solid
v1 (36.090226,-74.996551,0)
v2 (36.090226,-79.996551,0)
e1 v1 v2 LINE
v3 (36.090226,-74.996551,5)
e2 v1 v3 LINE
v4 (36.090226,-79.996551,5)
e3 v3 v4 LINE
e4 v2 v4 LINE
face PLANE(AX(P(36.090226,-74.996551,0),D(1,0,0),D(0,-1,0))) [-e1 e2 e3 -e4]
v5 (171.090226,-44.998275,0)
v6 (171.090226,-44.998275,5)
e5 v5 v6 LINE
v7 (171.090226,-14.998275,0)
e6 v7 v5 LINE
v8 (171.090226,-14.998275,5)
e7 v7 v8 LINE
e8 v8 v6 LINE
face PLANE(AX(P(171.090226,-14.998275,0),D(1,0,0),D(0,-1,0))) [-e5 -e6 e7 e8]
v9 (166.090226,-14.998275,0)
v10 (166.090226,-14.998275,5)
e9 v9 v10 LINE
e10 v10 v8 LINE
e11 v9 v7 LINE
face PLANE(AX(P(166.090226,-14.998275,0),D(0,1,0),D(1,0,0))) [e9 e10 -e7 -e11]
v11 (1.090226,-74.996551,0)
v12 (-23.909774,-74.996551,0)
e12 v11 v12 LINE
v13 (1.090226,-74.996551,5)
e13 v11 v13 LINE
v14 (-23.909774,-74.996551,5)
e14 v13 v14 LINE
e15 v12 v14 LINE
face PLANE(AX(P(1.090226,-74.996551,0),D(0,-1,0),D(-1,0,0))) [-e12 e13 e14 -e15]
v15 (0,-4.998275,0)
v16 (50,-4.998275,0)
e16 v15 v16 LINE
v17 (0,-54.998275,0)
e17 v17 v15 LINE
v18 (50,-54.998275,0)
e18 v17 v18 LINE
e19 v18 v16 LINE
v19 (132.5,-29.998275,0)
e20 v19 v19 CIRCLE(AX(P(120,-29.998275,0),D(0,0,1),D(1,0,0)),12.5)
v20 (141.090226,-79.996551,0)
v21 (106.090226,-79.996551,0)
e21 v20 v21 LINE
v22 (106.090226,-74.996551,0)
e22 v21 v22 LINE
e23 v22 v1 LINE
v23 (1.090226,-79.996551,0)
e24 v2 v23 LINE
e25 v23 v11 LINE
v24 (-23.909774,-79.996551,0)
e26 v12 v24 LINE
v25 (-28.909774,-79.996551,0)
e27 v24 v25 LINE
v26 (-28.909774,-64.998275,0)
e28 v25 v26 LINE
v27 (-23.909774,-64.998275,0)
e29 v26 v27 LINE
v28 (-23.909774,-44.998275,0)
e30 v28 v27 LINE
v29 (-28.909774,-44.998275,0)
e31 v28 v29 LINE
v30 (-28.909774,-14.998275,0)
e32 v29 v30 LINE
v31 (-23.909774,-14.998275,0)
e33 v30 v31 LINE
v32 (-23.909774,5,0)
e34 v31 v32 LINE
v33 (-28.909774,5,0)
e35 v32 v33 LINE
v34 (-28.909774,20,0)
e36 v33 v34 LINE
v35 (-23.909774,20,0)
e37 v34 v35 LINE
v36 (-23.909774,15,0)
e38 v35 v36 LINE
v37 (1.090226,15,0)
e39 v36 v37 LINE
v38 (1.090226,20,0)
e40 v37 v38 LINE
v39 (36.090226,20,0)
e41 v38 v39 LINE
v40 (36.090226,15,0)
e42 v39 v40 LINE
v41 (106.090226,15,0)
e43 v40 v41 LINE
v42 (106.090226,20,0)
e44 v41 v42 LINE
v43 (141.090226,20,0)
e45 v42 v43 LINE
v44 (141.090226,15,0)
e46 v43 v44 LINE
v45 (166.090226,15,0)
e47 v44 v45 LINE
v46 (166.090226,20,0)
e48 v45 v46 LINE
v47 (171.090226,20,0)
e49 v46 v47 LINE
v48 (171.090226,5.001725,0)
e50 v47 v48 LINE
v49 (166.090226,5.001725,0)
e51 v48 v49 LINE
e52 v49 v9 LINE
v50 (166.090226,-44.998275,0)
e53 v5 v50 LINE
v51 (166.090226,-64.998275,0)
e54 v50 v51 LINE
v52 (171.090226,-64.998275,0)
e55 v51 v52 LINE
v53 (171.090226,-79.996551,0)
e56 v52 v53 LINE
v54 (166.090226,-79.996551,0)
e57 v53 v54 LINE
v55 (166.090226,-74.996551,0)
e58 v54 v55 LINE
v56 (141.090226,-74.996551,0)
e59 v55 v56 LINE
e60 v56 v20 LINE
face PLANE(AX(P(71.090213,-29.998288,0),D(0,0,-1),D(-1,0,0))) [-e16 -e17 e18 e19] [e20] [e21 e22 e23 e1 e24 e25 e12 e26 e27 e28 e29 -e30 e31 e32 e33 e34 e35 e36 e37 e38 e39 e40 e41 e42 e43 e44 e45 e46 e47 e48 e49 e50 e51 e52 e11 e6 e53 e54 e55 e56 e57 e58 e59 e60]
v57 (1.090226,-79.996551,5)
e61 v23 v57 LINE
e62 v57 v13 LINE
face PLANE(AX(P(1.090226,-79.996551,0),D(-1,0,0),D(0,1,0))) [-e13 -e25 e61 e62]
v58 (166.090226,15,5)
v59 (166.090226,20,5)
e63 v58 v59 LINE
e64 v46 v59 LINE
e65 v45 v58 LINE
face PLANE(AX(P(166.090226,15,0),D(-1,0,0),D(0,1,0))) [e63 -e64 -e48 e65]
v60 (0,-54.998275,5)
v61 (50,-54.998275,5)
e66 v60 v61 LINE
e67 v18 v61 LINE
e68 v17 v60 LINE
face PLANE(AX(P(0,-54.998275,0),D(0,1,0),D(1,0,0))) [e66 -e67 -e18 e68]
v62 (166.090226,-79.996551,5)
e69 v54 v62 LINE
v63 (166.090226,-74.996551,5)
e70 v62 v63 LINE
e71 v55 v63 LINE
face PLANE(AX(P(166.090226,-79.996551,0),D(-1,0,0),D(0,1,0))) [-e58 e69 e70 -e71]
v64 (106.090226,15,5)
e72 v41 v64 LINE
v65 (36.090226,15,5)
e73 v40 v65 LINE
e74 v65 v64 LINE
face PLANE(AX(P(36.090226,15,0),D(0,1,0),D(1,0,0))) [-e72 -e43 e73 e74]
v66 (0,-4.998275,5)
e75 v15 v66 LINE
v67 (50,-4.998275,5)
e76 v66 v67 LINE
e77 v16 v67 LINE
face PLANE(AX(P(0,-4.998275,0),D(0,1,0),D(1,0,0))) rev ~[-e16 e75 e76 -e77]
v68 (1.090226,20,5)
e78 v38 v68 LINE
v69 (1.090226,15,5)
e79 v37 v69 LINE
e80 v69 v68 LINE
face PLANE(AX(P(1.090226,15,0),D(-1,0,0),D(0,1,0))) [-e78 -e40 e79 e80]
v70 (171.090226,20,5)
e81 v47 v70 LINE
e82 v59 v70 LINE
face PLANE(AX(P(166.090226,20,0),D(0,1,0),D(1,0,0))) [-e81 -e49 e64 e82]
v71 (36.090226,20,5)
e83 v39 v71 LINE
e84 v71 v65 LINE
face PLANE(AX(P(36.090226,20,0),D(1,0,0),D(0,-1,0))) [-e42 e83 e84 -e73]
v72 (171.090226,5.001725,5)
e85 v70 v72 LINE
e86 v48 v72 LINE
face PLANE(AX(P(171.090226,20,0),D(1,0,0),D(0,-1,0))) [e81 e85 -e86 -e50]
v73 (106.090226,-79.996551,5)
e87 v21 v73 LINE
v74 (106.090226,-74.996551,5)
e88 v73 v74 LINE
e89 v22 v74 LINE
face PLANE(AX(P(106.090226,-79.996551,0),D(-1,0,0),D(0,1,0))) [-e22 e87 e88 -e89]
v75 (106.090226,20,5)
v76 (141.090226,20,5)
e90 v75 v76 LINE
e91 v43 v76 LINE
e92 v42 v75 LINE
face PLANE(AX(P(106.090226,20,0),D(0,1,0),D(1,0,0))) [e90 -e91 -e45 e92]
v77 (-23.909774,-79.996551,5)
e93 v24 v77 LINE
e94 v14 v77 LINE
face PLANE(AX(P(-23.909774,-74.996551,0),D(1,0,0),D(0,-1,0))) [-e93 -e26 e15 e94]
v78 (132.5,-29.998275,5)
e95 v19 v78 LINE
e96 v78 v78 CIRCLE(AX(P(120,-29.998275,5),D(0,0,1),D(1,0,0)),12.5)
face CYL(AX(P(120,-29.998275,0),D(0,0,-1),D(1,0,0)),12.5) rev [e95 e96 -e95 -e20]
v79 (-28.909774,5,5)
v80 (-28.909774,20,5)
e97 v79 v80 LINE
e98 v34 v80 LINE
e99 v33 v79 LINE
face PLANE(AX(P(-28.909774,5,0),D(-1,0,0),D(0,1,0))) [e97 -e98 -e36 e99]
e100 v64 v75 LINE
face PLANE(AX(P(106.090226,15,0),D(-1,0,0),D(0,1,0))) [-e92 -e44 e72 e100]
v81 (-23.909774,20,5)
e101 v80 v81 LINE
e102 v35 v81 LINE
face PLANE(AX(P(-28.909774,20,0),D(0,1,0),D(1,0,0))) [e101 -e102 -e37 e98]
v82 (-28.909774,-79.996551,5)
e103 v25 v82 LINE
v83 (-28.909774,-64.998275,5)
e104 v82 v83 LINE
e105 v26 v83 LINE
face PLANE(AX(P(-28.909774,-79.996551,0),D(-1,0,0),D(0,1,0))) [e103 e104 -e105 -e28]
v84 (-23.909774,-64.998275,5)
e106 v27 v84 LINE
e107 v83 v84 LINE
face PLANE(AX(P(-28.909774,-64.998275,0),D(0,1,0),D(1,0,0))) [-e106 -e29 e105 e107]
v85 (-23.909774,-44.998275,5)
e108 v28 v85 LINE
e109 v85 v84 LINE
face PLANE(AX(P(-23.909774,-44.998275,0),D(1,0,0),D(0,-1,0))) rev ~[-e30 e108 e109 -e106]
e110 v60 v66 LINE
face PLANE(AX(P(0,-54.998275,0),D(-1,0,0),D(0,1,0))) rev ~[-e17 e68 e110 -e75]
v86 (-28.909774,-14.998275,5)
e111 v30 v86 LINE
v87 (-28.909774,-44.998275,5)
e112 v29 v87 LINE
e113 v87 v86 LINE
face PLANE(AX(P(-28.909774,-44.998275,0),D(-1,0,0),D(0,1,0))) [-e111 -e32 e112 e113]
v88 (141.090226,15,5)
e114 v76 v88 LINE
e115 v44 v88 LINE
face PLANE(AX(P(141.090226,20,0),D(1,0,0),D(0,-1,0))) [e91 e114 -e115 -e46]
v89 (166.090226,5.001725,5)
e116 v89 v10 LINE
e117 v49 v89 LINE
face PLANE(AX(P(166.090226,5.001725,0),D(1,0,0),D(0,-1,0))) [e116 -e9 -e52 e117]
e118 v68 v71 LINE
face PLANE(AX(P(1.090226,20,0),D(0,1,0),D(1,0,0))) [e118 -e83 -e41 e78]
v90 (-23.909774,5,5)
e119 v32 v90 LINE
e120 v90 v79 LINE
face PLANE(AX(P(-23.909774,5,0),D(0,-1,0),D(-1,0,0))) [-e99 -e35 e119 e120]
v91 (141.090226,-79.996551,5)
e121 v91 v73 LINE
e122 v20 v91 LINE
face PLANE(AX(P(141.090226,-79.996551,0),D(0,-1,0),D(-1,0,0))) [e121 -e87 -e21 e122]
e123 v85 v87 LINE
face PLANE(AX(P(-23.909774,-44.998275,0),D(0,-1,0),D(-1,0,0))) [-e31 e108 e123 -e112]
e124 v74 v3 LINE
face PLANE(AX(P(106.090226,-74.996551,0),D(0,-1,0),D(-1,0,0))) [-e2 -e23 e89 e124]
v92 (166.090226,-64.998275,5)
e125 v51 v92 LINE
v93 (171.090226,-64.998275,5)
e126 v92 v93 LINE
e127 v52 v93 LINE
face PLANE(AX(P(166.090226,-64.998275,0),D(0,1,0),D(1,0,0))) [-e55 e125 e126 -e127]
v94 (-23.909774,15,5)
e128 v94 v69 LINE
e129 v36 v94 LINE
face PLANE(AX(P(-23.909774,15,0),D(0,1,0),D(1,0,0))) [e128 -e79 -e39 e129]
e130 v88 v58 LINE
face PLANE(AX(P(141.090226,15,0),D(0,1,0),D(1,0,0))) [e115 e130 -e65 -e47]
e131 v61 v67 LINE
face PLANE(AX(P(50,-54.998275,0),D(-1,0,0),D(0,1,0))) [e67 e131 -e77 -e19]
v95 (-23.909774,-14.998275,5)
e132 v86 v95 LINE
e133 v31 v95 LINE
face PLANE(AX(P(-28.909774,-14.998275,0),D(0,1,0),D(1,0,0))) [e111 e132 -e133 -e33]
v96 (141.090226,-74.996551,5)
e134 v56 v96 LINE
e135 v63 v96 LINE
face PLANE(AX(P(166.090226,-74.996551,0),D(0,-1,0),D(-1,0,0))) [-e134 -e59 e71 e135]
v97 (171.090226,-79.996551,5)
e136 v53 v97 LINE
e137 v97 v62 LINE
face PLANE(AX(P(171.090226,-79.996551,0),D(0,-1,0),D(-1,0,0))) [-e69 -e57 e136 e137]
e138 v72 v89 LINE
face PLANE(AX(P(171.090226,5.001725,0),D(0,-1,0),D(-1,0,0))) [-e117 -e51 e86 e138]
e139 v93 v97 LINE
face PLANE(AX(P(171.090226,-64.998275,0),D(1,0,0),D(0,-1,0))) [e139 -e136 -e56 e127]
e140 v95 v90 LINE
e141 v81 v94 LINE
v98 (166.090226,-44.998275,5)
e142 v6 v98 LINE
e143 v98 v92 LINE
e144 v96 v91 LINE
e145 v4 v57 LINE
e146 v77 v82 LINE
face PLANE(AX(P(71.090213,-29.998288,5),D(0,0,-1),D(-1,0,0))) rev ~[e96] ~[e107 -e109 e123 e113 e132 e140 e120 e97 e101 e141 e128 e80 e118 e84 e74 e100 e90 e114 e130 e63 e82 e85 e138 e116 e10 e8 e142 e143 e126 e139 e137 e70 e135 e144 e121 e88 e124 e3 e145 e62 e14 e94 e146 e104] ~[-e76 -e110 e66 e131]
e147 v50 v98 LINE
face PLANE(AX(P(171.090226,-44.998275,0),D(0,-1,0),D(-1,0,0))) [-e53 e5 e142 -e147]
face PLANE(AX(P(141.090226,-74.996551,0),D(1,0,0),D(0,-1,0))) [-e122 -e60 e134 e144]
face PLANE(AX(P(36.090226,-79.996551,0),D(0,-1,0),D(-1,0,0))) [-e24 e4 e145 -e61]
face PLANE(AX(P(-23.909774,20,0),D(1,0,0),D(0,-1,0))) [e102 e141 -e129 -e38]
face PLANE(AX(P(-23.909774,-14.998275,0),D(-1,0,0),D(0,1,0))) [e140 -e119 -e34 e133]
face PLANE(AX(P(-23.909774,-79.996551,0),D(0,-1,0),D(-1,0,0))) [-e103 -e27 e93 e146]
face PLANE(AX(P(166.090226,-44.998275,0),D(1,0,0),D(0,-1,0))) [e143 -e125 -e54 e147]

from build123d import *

# Parameters (mm, degrees)
ESQUISSE1_R        = 12.5
ESQUISSE1_W        = 50
ESQUISSE1_H        = 50
BOSS_EXTRU_1_DEPTH = 5


with BuildPart() as part:
    # Esquisse1 → Boss.-Extru.1 (new body)
    with BuildSketch(Plane.XY):
        Polygon((-28.909774436, 20), (-23.909774436, 20), (-23.909774436, 15), (1.090225564, 15), (1.090225564, 20), (36.090225564, 20), (36.090225564, 15), (106.090225564, 15), (106.090225564, 20), (141.090225564, 20), (141.090225564, 15), (166.090225564, 15), (166.090225564, 20), (171.090225564, 20), (171.090225564, 5.001724715), (166.090225564, 5.001724715), (166.090225564, -14.998275285), (171.090225564, -14.998275285), (171.090225564, -44.998275285), (166.090225564, -44.998275285), (166.090225564, -64.998275285), (171.090225564, -64.998275285), (171.090225564, -79.99655057), (166.090225564, -79.99655057), (166.090225564, -74.99655057), (141.090225564, -74.99655057), (141.090225564, -79.99655057), (106.090225564, -79.99655057), (106.090225564, -74.99655057), (36.090225564, -74.99655057), (36.090225564, -79.99655057), (1.090225564, -79.99655057), (1.090225564, -74.99655057), (-23.909774436, -74.99655057), (-23.909774436, -79.99655057), (-28.909774436, -79.99655057), (-28.909774436, -64.998275285), (-23.909774436, -64.998275285), (-23.909774436, -59.99655057), (-23.909774436, -44.998275285), (-28.909774436, -44.998275285), (-28.909774436, -14.998275285), (-23.909774436, -14.998275285), (-23.909774436, 5), (-28.909774436, 5), align=None)
        with Locations((120, -29.998275285)):
            Circle(ESQUISSE1_R, mode=Mode.SUBTRACT)
        with Locations((25, -29.998275285)):
            Rectangle(ESQUISSE1_W, ESQUISSE1_H, mode=Mode.SUBTRACT)
    extrude(amount=BOSS_EXTRU_1_DEPTH)


solid = part.part
